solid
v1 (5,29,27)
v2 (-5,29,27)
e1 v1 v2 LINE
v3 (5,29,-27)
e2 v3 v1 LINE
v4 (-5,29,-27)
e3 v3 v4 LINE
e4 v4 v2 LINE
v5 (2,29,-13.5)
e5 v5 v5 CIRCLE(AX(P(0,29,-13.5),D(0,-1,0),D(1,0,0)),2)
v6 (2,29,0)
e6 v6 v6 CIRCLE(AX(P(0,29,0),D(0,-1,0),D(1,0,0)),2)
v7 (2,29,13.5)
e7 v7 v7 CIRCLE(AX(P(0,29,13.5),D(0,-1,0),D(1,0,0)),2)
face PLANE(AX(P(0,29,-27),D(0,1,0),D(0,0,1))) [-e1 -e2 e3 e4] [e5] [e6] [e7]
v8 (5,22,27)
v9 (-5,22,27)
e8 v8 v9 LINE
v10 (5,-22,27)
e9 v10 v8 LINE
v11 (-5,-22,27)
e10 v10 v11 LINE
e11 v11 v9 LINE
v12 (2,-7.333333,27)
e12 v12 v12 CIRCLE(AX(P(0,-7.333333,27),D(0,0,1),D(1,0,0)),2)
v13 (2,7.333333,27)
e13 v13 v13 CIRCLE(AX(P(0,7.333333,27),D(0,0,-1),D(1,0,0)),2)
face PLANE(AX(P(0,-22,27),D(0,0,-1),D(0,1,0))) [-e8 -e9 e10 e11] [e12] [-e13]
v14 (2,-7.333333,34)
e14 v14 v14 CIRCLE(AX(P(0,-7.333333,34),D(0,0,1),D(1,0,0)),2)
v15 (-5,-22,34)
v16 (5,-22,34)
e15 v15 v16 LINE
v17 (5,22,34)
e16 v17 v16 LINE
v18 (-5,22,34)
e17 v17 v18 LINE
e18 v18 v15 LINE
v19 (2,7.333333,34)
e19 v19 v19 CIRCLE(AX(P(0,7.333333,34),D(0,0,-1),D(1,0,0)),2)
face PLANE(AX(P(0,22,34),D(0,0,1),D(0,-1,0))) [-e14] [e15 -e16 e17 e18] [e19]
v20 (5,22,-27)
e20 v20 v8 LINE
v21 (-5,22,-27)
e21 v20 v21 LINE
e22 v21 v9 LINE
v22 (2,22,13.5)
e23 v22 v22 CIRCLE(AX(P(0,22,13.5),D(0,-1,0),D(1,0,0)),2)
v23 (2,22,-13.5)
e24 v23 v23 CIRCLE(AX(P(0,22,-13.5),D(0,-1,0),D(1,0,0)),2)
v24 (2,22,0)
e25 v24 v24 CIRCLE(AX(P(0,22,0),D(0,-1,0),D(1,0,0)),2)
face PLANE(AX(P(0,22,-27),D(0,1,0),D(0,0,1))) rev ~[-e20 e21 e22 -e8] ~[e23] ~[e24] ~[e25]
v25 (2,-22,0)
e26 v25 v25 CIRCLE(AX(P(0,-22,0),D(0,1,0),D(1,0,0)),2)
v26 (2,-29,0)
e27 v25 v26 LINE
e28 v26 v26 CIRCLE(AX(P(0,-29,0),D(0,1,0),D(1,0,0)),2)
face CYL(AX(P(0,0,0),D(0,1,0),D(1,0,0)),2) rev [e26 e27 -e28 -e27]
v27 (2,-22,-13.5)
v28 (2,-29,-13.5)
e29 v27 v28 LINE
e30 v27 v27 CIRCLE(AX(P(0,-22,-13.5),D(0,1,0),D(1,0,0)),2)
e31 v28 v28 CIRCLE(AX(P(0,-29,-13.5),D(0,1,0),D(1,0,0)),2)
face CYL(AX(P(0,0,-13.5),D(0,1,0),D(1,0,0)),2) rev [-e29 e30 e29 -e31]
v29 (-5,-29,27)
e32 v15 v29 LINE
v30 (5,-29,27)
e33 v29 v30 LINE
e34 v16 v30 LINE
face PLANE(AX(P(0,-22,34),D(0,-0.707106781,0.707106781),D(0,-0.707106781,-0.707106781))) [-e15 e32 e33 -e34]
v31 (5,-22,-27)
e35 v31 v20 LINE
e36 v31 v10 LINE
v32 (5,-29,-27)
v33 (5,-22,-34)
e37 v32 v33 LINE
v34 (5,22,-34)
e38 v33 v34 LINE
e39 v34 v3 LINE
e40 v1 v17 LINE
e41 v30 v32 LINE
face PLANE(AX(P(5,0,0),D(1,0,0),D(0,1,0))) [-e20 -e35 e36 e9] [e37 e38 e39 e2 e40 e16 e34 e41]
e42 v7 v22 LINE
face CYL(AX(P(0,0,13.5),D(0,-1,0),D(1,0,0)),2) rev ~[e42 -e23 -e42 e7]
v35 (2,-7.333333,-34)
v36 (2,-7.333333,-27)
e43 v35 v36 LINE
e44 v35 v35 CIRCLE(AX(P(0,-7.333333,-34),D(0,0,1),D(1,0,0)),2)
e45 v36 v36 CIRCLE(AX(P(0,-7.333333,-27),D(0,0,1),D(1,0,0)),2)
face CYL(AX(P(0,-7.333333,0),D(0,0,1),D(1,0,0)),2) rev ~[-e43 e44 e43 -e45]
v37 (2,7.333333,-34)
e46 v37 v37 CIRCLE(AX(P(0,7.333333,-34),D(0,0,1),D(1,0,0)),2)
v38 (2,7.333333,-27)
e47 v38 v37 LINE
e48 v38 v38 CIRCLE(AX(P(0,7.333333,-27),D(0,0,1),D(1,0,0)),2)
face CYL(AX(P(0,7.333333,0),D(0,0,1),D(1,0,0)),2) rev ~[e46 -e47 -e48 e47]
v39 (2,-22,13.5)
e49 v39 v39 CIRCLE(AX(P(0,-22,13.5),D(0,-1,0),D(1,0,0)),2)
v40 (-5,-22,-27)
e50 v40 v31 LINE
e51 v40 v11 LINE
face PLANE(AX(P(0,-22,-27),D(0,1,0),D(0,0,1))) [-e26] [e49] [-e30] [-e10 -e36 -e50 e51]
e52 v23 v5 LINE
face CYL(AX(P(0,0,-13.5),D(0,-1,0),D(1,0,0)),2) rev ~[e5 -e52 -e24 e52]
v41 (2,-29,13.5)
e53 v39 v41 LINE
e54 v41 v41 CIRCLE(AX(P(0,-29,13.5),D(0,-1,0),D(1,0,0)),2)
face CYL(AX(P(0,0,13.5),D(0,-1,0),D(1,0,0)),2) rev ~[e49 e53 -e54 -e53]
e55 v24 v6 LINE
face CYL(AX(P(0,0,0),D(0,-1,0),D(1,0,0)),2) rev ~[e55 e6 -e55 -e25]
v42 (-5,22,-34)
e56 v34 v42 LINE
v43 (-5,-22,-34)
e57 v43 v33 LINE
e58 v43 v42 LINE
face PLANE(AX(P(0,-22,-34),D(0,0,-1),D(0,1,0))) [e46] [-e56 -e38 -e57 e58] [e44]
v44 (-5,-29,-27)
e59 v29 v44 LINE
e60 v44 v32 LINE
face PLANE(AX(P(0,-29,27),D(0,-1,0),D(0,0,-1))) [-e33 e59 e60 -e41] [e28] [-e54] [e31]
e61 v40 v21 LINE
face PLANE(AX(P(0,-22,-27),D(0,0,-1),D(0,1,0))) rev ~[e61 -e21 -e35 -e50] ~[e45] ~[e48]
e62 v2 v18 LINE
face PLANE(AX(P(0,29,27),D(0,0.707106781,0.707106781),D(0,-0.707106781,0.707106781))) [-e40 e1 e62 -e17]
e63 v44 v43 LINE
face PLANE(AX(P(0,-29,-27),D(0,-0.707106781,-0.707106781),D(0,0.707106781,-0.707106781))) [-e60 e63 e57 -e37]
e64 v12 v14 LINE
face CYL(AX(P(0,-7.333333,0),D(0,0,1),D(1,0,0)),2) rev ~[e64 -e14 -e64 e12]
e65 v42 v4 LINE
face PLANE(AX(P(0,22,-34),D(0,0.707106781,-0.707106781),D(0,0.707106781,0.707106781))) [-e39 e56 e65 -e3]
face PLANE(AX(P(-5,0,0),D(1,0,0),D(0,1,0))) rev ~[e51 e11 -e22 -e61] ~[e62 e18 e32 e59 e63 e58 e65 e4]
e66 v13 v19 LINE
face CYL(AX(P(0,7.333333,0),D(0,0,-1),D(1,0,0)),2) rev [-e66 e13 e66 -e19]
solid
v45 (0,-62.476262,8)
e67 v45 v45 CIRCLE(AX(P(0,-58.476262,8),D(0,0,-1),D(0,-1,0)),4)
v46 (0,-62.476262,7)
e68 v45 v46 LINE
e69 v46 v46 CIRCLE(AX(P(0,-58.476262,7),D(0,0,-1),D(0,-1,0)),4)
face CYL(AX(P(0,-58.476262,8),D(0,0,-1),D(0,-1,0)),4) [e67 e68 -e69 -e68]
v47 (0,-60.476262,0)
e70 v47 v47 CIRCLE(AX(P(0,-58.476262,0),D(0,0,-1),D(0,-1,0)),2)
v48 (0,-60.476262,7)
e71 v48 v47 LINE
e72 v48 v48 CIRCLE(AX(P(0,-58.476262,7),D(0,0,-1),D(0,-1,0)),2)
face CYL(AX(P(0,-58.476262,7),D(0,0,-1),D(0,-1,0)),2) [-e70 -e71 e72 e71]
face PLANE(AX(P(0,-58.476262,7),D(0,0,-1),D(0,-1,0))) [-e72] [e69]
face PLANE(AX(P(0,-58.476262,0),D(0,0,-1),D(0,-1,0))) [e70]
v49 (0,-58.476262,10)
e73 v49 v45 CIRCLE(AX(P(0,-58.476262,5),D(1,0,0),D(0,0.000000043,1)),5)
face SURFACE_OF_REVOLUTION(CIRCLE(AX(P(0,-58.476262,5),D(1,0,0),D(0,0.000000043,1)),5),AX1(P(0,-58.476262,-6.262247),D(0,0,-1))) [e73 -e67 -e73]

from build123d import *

# Parameters (mm, degrees)
F0_W     = 44
F0_H     = 54
F1_DEPTH = 5
F2_R     = 2
F3_DEPTH = 44
F4_R     = 2
F5_DEPTH = 36.4


with BuildPart() as f1:
    # F0 (on Right) → F1 (new body, symmetric)
    with BuildSketch(Plane.YZ):
        Polygon((22, 34), (-22, 34), (-29, 27), (-29, -27), (-22, -34), (22, -34), (29, -27), (29, 27), align=None)
        Rectangle(F0_W, F0_H, mode=Mode.SUBTRACT)
    extrude(amount=F1_DEPTH, both=True)

    # F2 (on Top) → F3 (cut, symmetric)
    with BuildSketch(Plane.XY):
        with Locations((0, 7.333333)):
            Circle(F2_R)
        with Locations((0, -7.333333)):
            Circle(F2_R)
    extrude(amount=F3_DEPTH, both=True, mode=Mode.SUBTRACT)

    # F4 (on Front) → F5 (cut, symmetric)
    with BuildSketch(Plane.XZ):
        with Locations((0, -13.5)):
            Circle(F4_R)
        Circle(F4_R)
        with Locations((0, 13.5)):
            Circle(F4_R)
    extrude(amount=F5_DEPTH, both=True, mode=Mode.SUBTRACT)


with BuildPart() as f6:
    # F0 (on Right) → F6 (revolve)
    with BuildSketch(Plane.YZ):
        with BuildLine():
            Line((-60.476262, 0), (-58.476262, 0))
            Line((-58.476262, 0), (-58.476262, 10))
            ThreePointArc((-58.476262, 10), (-60.71233, 9.472136), (-62.476262, 8))
            Line((-62.476262, 8), (-62.476262, 7))
            Line((-62.476262, 7), (-60.476262, 7))
            Line((-60.476262, 7), (-60.476262, 0))
        make_face()
    revolve(axis=Axis((0, -58.476262, -6.262247), (0, 0, -1)))


solid = Compound([f1.part, f6.part])
